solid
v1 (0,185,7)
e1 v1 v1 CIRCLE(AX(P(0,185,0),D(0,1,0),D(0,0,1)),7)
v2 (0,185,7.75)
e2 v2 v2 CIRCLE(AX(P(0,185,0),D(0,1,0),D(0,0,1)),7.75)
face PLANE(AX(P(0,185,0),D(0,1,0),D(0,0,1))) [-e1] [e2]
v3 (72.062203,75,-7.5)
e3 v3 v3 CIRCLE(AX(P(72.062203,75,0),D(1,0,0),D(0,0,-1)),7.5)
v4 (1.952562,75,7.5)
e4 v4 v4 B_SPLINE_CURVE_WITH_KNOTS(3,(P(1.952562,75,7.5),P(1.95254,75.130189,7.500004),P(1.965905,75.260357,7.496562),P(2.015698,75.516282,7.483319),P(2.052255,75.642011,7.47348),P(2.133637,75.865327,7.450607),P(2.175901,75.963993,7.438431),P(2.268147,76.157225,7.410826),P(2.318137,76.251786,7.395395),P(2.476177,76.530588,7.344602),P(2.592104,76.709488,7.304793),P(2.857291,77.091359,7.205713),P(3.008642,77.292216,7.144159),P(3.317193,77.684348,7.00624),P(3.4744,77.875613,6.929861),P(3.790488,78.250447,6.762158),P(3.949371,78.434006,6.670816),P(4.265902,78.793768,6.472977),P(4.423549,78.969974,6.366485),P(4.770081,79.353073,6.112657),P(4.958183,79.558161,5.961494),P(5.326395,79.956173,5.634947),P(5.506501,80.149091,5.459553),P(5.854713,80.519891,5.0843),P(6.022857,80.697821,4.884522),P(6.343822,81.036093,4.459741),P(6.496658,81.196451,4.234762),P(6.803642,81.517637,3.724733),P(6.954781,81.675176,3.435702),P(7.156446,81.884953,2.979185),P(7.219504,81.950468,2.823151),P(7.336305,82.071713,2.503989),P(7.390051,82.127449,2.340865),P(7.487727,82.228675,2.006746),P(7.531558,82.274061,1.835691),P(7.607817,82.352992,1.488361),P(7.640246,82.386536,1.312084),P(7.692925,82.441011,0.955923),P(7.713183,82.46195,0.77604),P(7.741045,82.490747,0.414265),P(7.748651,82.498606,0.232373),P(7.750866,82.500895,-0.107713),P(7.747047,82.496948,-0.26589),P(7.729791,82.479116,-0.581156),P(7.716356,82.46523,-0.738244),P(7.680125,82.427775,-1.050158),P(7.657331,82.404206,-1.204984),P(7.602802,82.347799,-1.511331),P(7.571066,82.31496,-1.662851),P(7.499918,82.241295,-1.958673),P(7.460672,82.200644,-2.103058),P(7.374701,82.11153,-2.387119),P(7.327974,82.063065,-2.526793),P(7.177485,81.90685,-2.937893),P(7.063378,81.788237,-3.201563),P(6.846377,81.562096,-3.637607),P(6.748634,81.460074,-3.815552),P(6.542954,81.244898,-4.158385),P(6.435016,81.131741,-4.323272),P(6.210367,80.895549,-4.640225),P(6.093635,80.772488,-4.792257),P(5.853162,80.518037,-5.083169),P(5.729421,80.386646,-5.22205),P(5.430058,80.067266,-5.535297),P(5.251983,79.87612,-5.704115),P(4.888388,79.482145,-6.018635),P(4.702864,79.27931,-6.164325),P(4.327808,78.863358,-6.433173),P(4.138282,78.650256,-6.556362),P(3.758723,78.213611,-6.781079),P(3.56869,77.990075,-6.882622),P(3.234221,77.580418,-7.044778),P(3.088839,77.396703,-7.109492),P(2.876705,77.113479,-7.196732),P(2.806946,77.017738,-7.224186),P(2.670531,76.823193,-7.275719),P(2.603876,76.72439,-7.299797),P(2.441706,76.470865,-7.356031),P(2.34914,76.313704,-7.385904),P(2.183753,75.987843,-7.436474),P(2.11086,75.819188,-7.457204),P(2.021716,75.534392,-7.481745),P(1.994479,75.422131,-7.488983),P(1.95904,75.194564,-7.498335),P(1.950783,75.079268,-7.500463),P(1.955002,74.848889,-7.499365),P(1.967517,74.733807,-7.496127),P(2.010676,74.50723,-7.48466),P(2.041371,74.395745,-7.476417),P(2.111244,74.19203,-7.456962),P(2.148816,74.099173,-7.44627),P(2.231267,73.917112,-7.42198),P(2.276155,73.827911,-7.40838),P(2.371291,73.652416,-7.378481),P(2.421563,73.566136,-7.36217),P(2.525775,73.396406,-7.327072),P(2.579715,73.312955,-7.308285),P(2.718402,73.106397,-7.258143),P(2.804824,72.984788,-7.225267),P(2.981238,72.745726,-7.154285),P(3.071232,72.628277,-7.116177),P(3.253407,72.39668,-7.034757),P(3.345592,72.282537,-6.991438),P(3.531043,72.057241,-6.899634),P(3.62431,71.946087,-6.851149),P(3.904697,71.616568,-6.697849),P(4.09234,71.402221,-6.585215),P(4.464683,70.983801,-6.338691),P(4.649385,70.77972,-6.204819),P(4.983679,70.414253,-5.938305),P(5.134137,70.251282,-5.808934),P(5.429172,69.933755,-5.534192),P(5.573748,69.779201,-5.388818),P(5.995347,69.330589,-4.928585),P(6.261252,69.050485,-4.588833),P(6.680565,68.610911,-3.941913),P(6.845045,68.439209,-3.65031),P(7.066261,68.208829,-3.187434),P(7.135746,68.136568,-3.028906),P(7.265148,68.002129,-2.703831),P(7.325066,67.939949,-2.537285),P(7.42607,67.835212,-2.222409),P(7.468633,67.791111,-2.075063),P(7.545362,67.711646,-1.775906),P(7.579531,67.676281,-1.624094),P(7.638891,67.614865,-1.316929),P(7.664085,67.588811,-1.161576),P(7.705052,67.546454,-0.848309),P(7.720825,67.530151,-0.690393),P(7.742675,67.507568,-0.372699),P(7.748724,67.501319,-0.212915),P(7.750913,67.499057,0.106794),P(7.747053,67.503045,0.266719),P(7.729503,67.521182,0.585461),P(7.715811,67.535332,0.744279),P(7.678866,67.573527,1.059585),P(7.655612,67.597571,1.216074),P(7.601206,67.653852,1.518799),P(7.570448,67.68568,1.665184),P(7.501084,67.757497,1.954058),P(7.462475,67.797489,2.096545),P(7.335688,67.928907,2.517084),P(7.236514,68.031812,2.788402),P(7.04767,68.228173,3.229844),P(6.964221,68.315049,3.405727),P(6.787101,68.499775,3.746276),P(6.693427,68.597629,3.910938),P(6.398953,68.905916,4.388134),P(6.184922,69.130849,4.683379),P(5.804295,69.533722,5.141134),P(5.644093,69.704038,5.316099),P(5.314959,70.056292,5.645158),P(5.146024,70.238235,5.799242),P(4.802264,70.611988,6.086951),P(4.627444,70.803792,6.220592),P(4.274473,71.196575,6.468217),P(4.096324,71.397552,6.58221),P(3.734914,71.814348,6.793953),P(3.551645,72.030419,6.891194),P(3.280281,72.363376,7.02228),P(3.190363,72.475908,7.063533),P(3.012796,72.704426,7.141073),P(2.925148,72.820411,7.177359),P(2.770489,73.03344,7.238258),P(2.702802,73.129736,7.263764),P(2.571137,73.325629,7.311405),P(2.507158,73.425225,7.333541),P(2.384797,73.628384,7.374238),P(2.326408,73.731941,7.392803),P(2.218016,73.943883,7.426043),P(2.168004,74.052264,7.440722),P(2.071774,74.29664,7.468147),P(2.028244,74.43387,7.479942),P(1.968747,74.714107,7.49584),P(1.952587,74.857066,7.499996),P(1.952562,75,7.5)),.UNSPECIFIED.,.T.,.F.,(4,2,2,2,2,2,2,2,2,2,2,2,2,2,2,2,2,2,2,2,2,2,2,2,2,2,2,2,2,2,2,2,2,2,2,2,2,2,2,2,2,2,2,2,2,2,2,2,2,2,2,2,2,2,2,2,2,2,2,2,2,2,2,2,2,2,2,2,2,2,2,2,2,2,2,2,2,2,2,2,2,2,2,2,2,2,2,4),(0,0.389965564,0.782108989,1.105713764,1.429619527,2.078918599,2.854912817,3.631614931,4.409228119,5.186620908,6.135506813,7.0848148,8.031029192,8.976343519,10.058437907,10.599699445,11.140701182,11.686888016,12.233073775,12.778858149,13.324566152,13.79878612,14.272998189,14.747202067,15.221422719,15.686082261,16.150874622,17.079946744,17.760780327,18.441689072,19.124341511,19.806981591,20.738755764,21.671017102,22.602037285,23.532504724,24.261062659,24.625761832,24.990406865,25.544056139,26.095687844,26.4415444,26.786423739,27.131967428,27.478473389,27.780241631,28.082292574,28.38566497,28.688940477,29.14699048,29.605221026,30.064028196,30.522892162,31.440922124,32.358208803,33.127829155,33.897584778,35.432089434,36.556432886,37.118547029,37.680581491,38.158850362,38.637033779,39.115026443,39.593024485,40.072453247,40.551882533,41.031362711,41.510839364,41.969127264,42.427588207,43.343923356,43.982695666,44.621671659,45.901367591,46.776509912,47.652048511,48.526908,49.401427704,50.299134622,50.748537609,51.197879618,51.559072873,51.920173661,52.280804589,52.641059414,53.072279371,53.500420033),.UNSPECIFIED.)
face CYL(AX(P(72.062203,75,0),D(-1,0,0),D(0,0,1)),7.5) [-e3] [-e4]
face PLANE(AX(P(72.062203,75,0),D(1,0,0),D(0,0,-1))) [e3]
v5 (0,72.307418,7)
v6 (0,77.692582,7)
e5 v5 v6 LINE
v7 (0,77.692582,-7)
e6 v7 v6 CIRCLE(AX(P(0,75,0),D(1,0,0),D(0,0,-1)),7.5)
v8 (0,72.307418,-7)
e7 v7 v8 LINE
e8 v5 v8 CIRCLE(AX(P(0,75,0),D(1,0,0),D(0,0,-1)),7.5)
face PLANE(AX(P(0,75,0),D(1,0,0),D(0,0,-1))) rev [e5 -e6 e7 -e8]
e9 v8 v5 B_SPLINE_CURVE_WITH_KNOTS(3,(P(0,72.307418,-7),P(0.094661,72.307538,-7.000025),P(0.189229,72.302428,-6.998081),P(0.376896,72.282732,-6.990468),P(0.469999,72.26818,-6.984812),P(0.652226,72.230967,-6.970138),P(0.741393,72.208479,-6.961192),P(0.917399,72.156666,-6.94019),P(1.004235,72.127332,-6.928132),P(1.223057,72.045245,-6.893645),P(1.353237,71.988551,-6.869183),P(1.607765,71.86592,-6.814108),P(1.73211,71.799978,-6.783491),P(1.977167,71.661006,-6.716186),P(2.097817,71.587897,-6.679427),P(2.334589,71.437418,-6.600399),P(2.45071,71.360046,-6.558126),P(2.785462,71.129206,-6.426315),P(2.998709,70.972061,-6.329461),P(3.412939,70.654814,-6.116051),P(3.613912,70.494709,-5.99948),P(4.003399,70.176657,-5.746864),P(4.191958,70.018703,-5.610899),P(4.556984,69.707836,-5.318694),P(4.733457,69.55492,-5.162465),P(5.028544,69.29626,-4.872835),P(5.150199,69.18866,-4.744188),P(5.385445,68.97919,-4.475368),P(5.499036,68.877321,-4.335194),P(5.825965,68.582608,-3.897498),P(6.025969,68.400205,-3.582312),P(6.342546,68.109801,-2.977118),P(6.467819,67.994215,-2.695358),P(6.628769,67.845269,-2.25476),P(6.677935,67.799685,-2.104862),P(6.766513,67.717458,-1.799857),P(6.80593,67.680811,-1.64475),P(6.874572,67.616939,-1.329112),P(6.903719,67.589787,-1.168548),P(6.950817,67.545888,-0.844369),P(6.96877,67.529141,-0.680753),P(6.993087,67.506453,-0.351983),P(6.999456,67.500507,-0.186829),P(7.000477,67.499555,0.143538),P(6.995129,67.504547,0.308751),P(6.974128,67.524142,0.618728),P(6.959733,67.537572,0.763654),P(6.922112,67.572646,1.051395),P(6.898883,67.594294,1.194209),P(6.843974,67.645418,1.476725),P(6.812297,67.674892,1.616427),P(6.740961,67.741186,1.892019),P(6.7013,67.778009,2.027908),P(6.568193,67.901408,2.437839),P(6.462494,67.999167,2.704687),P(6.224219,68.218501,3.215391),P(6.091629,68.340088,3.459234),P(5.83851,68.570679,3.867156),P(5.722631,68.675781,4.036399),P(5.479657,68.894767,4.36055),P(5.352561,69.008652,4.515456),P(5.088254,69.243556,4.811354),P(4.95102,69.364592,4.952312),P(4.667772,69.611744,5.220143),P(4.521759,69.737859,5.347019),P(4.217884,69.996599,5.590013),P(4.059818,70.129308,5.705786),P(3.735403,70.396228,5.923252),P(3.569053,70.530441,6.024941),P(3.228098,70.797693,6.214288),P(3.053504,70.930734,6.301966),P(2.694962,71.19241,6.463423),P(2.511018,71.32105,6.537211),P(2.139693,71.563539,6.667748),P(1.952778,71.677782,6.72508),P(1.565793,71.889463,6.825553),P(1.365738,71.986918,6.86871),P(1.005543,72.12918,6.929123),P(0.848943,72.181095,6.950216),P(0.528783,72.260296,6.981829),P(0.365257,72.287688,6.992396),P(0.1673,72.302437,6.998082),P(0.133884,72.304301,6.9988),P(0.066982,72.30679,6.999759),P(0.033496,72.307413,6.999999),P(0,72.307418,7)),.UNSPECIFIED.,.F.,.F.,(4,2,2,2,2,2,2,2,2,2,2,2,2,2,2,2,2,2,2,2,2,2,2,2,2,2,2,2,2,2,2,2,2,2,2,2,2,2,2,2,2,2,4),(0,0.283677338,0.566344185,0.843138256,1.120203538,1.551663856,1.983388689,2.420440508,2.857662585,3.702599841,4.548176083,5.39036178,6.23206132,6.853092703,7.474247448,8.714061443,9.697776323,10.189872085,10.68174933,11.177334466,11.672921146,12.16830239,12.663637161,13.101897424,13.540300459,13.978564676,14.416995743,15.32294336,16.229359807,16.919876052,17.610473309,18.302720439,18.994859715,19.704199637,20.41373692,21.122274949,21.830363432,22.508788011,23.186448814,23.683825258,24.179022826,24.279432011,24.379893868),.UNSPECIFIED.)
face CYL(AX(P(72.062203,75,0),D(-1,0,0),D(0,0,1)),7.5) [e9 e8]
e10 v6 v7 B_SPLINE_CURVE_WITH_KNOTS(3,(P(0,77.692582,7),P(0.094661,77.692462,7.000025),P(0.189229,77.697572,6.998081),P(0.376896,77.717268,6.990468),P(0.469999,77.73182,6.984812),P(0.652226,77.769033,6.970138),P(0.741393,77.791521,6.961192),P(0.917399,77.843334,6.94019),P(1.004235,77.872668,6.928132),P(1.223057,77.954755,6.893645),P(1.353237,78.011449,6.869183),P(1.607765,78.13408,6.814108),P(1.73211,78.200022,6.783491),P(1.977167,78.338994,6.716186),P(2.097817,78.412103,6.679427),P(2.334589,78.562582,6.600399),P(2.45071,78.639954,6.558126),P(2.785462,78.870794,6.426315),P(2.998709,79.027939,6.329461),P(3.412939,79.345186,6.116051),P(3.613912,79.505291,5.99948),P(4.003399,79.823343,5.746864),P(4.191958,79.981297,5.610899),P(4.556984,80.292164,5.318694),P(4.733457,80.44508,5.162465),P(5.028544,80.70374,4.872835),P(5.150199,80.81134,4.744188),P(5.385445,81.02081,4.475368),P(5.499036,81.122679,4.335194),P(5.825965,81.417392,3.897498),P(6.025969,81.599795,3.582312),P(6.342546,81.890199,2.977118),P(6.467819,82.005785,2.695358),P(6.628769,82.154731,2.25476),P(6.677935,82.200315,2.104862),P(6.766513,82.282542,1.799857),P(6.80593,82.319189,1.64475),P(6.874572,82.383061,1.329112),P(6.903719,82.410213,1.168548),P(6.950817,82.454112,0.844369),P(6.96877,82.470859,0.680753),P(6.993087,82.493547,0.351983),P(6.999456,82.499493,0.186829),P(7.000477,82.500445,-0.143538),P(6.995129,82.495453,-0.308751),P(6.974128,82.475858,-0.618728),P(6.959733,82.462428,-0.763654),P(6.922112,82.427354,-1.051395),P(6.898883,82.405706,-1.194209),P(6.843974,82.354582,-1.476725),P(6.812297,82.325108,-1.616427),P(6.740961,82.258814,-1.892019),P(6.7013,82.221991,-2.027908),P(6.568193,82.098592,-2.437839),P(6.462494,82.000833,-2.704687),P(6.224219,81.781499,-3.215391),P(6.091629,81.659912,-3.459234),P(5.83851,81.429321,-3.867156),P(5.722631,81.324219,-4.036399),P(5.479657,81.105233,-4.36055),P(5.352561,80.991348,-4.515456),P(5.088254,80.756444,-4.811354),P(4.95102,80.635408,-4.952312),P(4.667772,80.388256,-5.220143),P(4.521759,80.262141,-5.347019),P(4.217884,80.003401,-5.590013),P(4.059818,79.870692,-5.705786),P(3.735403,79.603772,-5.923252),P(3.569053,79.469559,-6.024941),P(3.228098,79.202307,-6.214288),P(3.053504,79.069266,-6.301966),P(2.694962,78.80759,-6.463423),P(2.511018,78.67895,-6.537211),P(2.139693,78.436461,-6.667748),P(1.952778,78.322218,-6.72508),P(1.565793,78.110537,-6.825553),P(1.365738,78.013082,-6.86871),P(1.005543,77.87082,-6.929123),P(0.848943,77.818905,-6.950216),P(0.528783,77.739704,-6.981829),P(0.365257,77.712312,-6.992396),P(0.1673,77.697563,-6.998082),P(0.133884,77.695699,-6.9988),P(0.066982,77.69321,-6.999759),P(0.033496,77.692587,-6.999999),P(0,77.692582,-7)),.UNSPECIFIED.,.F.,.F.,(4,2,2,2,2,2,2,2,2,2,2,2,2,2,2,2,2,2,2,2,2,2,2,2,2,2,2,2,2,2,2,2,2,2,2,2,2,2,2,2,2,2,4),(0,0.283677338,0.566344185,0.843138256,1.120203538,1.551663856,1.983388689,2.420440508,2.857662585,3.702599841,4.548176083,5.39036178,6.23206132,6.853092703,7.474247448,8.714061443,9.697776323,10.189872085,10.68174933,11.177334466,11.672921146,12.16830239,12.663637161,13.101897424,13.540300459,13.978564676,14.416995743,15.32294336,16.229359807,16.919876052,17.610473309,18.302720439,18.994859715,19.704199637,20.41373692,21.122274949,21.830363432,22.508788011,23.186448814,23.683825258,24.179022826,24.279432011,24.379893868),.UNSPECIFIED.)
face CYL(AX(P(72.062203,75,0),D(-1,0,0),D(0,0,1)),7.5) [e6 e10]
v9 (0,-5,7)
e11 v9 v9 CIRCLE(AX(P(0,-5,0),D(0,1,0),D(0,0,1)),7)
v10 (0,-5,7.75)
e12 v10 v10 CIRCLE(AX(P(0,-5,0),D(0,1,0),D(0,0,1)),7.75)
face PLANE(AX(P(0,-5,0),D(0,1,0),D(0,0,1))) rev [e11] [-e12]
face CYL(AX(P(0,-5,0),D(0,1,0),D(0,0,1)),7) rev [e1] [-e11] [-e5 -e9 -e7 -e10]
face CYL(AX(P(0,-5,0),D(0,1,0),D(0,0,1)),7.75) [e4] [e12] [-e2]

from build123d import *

# Parameters (mm, degrees)
BOSS_EXTRUDE1_DEPTH      = 160
BOSS_EXTRUDE1_DEPTH_BACK = 5
SKETCH1_R                = 7.75
SKETCH1_R_2              = 7
SKETCH5_R                = 7.5
BOSS_EXTRUDE3_DEPTH      = 72.0622032
SKETCH7_R                = 7.75
SKETCH7_R_2              = 7
BOSS_EXTRUDE5_DEPTH      = 25


with BuildPart() as part:
    # Sketch1 → Boss-Extrude1 (new, two sides: drawn at the far end of the back side and taken through both)
    with BuildSketch(Plane(origin=(0, 0, 0), x_dir=(1, 0, 0), z_dir=(0, 1, 0)).offset(-BOSS_EXTRUDE1_DEPTH_BACK)):
        with Locations(Location((0, 0, 0), (0, 0, 270))):
            Circle(SKETCH1_R)
        with Locations(Location((0, 0, 0), (0, 0, 270))):
            Circle(SKETCH1_R_2, mode=Mode.SUBTRACT)
    extrude(amount=BOSS_EXTRUDE1_DEPTH + BOSS_EXTRUDE1_DEPTH_BACK)

    # Sketch5 → Boss-Extrude3 (add)
    with BuildSketch(Plane(origin=(0, 0, 0), x_dir=(0, 0, -1), z_dir=(1, 0, 0))):
        with Locations(Location((0, 75, 0), (0, 0, 180))):
            Circle(SKETCH5_R)
    extrude(amount=BOSS_EXTRUDE3_DEPTH)

    # Sketch7 → Boss-Extrude5 (add)
    with BuildSketch(Plane(origin=(0, 160, 0), x_dir=(1, 0, 0), z_dir=(0, 1, 0))):
        with Locations(Location((0, 0, 0), (0, 0, 270))):
            Circle(SKETCH7_R)
        with Locations(Location((0, 0, 0), (0, 0, 270))):
            Circle(SKETCH7_R_2, mode=Mode.SUBTRACT)
    extrude(amount=BOSS_EXTRUDE5_DEPTH)


solid = part.part
